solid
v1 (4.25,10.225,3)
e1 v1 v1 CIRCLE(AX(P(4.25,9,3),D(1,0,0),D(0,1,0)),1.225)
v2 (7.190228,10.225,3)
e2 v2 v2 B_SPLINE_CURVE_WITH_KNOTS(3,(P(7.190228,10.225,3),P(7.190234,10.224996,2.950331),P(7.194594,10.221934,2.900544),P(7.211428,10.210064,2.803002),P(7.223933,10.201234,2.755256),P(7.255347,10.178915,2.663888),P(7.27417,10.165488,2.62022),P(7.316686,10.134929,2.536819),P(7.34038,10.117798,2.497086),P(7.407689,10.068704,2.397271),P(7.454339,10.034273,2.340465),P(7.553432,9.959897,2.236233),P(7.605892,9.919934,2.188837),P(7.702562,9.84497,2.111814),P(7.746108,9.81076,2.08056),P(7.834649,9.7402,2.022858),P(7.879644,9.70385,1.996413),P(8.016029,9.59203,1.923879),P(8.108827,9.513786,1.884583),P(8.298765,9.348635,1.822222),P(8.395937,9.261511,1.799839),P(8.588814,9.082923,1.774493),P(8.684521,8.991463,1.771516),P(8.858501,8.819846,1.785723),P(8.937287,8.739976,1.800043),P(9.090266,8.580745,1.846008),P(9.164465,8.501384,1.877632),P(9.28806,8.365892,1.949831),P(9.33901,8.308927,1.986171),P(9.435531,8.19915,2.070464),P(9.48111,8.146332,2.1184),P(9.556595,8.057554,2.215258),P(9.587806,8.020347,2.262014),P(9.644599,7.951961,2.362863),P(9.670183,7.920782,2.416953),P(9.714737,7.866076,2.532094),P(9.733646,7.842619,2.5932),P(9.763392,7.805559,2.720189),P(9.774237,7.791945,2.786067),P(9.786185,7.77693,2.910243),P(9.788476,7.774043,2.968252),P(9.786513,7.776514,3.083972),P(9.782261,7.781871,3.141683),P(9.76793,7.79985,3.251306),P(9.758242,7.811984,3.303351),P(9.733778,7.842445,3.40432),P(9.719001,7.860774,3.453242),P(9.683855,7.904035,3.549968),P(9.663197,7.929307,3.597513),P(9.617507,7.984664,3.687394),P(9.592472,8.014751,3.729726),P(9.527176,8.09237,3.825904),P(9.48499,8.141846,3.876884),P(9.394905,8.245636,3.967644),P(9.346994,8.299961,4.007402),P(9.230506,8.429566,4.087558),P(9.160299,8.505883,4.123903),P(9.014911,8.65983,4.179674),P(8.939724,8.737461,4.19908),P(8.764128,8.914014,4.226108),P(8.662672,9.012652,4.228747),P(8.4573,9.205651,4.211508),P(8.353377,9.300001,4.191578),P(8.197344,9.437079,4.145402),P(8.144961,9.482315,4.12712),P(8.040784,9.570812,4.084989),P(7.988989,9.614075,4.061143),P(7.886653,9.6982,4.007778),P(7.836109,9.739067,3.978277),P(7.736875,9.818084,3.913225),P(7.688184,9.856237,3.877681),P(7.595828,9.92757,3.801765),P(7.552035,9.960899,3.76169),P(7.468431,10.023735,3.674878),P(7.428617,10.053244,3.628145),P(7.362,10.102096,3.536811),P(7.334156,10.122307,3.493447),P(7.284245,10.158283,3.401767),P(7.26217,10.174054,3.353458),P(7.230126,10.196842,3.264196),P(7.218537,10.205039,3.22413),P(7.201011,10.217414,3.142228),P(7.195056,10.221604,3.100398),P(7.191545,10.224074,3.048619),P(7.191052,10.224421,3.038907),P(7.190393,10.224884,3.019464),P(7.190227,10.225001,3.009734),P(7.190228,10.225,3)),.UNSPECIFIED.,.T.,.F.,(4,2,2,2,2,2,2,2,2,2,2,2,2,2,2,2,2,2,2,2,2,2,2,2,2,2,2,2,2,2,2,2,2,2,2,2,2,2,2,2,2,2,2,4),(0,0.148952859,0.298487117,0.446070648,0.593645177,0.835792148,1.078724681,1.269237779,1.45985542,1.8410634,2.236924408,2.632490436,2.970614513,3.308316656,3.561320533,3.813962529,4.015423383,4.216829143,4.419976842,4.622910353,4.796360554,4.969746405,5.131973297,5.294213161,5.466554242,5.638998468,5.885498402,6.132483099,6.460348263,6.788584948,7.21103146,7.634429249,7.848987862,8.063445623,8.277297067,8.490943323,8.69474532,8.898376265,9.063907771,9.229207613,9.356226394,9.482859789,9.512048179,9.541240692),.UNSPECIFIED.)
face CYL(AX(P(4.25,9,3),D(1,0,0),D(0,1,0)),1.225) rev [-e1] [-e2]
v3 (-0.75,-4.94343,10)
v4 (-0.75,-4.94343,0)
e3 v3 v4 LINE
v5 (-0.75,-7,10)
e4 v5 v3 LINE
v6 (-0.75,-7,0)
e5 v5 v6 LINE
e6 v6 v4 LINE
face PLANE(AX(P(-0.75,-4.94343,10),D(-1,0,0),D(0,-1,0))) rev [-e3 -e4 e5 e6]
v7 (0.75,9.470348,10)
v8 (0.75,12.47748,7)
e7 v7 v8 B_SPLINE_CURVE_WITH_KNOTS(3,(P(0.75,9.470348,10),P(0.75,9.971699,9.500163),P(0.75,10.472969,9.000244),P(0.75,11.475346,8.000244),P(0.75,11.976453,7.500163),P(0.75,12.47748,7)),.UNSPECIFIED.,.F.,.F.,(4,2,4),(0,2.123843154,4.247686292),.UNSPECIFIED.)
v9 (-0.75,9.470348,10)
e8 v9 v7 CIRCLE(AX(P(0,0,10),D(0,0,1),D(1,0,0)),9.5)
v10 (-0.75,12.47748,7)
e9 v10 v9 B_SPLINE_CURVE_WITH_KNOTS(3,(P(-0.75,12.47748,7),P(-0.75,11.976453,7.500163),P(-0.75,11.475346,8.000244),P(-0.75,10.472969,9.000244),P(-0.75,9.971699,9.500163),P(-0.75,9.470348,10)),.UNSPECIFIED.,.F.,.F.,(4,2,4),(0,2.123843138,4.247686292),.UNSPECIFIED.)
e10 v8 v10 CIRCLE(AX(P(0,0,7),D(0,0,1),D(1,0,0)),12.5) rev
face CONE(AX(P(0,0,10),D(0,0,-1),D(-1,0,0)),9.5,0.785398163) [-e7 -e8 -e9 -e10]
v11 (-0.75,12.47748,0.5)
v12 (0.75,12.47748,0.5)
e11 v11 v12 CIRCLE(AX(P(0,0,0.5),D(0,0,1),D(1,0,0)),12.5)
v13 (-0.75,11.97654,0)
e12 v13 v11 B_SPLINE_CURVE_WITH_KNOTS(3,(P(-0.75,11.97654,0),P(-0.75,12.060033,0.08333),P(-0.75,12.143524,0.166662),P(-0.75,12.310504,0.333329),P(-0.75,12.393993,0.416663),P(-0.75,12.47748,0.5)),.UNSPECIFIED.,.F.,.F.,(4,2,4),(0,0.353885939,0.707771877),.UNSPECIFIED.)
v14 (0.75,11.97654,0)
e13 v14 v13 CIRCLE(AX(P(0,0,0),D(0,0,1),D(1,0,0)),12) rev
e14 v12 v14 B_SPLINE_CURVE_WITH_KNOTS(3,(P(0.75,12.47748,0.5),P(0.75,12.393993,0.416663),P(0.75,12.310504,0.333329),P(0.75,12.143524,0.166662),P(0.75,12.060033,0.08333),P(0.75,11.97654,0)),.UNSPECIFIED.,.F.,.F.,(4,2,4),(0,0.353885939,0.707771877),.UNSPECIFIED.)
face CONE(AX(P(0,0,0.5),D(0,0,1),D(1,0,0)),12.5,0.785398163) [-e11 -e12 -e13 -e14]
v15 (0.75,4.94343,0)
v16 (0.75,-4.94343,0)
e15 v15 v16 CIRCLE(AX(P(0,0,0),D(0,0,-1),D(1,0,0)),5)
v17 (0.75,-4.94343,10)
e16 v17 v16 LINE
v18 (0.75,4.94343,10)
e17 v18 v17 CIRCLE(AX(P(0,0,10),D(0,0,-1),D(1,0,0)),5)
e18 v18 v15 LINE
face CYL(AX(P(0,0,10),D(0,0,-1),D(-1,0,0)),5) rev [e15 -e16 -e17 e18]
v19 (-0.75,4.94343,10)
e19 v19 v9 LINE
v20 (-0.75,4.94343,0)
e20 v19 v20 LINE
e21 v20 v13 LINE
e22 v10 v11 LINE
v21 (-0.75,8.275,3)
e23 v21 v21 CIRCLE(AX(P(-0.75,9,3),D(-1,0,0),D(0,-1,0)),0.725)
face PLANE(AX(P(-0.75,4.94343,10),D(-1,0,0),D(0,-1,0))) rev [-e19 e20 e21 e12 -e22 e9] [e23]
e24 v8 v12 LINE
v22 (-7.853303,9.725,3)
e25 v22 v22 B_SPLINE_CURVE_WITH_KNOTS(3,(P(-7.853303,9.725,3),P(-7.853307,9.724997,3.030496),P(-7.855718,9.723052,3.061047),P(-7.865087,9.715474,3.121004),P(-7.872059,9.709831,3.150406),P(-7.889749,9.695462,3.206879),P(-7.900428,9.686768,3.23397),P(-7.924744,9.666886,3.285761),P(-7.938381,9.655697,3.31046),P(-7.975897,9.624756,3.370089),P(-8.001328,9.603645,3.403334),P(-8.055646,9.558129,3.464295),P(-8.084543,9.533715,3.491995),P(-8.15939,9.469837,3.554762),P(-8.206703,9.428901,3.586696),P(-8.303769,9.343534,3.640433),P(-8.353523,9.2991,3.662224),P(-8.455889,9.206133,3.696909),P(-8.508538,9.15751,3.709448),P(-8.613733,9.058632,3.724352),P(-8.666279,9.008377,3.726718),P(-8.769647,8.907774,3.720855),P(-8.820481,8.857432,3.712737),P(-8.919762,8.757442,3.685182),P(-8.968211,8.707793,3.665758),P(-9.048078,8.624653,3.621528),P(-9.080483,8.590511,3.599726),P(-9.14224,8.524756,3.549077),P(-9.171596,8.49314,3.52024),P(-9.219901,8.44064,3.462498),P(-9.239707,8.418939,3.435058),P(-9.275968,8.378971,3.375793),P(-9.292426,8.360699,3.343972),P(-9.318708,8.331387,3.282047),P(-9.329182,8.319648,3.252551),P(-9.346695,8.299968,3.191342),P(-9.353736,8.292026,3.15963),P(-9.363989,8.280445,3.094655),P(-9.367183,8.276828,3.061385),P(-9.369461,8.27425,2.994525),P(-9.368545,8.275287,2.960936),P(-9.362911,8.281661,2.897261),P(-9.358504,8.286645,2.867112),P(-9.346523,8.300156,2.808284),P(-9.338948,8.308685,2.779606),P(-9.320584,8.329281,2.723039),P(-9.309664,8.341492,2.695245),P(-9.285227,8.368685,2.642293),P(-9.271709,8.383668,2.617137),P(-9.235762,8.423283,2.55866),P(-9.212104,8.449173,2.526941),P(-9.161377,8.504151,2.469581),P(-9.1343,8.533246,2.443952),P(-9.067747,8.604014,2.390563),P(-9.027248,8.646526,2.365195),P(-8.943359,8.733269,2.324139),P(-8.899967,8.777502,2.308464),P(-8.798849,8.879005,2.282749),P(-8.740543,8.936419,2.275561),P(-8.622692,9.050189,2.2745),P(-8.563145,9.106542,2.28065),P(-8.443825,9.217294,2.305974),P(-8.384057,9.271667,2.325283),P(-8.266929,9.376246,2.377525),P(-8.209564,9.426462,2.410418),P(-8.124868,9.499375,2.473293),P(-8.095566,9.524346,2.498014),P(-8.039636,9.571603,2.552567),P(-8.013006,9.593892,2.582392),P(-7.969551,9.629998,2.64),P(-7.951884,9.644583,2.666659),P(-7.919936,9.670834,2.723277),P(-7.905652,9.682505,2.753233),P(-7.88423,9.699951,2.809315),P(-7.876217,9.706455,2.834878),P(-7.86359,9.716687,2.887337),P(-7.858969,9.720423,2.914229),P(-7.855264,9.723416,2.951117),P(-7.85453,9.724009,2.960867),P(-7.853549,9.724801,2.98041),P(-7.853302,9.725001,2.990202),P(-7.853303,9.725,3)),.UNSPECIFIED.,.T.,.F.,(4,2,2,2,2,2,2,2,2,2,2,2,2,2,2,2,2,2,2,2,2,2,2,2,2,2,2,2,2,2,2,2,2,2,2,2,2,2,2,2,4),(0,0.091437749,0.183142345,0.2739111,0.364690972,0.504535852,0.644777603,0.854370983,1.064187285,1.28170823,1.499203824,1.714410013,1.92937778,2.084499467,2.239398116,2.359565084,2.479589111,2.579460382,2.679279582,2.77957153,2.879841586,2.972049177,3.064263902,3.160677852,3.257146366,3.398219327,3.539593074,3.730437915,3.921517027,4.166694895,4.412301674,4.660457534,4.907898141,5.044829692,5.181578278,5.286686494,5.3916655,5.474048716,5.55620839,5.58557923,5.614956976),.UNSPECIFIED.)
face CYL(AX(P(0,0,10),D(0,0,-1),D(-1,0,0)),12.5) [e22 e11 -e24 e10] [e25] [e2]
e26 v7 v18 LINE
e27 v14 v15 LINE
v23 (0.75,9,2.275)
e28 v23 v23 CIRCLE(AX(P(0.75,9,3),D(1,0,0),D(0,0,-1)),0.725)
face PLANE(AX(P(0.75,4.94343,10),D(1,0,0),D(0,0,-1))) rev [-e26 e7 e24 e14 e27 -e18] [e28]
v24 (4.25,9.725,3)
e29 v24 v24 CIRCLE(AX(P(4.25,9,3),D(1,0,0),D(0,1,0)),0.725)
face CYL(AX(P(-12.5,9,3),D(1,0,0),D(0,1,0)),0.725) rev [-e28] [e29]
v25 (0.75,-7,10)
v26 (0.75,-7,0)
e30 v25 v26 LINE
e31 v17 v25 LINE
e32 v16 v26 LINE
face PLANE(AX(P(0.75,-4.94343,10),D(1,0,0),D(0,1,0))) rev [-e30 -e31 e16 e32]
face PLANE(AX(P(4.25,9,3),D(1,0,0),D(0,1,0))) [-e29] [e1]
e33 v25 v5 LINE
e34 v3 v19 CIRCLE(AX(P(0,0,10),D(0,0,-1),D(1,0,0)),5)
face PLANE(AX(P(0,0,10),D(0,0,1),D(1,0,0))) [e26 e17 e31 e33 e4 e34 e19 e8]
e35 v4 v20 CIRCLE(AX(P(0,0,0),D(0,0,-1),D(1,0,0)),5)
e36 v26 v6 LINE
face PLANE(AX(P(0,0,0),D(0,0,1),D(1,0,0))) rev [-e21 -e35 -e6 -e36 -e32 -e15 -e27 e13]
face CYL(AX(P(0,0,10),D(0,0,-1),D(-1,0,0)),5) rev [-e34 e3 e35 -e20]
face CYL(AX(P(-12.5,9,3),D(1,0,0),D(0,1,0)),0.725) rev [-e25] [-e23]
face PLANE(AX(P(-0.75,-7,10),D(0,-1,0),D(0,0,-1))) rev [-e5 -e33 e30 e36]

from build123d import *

# Parameters (mm, degrees)
BOSS_EXTRUDE1_DEPTH = 10
CHAMFER1_SIZE       = 3
CHAMFER2_SIZE       = 0.5
SKETCH22_R          = 1.225
CUT_EXTRUDE1_DEPTH  = 10
SKETCH23_R          = 0.725
CUT_EXTRUDE2_DEPTH  = 27.7500001


with BuildPart() as part:
    # Sketch1 → Boss-Extrude1 (new body)
    with BuildSketch(Plane.XY):
        with BuildLine():
            Line((-0.75, 4.943429983), (-0.75, 12.477479713))
            ThreePointArc((-0.75, 12.477479713), (0, -12.5), (0.75, 12.477479713))
            Line((0.75, 12.477479713), (0.75, 4.943429983))
            ThreePointArc((0.75, 4.943429983), (5, 0), (0.75, -4.943429983))
            Line((0.75, -4.943429983), (0.75, -7))
            Line((0.75, -7), (-0.75, -7))
            Line((-0.75, -7), (-0.75, -4.943429983))
            ThreePointArc((-0.75, -4.943429983), (-5, 0), (-0.75, 4.943429983))
        make_face()
    extrude(amount=BOSS_EXTRUDE1_DEPTH)

    # Chamfer1
    chamfer1_edges = [part.edges().sort_by_distance(p)[0] for p in [
        (0, -12.5, 10),
    ]]
    chamfer(chamfer1_edges, length=CHAMFER1_SIZE)

    # Chamfer2
    chamfer2_edges = [part.edges().sort_by_distance(p)[0] for p in [
        (0, -12.5, 0),
    ]]
    chamfer(chamfer2_edges, length=CHAMFER2_SIZE)

    # Sketch22 → Cut-Extrude1 (cut)
    with BuildSketch(Plane(origin=(14.25, 0, 0), x_dir=(0, 0, -1), z_dir=(1, 0, 0))):
        with Locations((-3, 9)):
            Circle(SKETCH22_R)
    extrude(amount=-CUT_EXTRUDE1_DEPTH, mode=Mode.SUBTRACT)

    # Sketch23 → Cut-Extrude2 (cut, through all)
    with BuildSketch(Plane(origin=(14.25, 0, 0), x_dir=(0, 0, -1), z_dir=(1, 0, 0))):
        with Locations((-3, 9)):
            Circle(SKETCH23_R)
    extrude(amount=-CUT_EXTRUDE2_DEPTH, mode=Mode.SUBTRACT)


solid = part.part
